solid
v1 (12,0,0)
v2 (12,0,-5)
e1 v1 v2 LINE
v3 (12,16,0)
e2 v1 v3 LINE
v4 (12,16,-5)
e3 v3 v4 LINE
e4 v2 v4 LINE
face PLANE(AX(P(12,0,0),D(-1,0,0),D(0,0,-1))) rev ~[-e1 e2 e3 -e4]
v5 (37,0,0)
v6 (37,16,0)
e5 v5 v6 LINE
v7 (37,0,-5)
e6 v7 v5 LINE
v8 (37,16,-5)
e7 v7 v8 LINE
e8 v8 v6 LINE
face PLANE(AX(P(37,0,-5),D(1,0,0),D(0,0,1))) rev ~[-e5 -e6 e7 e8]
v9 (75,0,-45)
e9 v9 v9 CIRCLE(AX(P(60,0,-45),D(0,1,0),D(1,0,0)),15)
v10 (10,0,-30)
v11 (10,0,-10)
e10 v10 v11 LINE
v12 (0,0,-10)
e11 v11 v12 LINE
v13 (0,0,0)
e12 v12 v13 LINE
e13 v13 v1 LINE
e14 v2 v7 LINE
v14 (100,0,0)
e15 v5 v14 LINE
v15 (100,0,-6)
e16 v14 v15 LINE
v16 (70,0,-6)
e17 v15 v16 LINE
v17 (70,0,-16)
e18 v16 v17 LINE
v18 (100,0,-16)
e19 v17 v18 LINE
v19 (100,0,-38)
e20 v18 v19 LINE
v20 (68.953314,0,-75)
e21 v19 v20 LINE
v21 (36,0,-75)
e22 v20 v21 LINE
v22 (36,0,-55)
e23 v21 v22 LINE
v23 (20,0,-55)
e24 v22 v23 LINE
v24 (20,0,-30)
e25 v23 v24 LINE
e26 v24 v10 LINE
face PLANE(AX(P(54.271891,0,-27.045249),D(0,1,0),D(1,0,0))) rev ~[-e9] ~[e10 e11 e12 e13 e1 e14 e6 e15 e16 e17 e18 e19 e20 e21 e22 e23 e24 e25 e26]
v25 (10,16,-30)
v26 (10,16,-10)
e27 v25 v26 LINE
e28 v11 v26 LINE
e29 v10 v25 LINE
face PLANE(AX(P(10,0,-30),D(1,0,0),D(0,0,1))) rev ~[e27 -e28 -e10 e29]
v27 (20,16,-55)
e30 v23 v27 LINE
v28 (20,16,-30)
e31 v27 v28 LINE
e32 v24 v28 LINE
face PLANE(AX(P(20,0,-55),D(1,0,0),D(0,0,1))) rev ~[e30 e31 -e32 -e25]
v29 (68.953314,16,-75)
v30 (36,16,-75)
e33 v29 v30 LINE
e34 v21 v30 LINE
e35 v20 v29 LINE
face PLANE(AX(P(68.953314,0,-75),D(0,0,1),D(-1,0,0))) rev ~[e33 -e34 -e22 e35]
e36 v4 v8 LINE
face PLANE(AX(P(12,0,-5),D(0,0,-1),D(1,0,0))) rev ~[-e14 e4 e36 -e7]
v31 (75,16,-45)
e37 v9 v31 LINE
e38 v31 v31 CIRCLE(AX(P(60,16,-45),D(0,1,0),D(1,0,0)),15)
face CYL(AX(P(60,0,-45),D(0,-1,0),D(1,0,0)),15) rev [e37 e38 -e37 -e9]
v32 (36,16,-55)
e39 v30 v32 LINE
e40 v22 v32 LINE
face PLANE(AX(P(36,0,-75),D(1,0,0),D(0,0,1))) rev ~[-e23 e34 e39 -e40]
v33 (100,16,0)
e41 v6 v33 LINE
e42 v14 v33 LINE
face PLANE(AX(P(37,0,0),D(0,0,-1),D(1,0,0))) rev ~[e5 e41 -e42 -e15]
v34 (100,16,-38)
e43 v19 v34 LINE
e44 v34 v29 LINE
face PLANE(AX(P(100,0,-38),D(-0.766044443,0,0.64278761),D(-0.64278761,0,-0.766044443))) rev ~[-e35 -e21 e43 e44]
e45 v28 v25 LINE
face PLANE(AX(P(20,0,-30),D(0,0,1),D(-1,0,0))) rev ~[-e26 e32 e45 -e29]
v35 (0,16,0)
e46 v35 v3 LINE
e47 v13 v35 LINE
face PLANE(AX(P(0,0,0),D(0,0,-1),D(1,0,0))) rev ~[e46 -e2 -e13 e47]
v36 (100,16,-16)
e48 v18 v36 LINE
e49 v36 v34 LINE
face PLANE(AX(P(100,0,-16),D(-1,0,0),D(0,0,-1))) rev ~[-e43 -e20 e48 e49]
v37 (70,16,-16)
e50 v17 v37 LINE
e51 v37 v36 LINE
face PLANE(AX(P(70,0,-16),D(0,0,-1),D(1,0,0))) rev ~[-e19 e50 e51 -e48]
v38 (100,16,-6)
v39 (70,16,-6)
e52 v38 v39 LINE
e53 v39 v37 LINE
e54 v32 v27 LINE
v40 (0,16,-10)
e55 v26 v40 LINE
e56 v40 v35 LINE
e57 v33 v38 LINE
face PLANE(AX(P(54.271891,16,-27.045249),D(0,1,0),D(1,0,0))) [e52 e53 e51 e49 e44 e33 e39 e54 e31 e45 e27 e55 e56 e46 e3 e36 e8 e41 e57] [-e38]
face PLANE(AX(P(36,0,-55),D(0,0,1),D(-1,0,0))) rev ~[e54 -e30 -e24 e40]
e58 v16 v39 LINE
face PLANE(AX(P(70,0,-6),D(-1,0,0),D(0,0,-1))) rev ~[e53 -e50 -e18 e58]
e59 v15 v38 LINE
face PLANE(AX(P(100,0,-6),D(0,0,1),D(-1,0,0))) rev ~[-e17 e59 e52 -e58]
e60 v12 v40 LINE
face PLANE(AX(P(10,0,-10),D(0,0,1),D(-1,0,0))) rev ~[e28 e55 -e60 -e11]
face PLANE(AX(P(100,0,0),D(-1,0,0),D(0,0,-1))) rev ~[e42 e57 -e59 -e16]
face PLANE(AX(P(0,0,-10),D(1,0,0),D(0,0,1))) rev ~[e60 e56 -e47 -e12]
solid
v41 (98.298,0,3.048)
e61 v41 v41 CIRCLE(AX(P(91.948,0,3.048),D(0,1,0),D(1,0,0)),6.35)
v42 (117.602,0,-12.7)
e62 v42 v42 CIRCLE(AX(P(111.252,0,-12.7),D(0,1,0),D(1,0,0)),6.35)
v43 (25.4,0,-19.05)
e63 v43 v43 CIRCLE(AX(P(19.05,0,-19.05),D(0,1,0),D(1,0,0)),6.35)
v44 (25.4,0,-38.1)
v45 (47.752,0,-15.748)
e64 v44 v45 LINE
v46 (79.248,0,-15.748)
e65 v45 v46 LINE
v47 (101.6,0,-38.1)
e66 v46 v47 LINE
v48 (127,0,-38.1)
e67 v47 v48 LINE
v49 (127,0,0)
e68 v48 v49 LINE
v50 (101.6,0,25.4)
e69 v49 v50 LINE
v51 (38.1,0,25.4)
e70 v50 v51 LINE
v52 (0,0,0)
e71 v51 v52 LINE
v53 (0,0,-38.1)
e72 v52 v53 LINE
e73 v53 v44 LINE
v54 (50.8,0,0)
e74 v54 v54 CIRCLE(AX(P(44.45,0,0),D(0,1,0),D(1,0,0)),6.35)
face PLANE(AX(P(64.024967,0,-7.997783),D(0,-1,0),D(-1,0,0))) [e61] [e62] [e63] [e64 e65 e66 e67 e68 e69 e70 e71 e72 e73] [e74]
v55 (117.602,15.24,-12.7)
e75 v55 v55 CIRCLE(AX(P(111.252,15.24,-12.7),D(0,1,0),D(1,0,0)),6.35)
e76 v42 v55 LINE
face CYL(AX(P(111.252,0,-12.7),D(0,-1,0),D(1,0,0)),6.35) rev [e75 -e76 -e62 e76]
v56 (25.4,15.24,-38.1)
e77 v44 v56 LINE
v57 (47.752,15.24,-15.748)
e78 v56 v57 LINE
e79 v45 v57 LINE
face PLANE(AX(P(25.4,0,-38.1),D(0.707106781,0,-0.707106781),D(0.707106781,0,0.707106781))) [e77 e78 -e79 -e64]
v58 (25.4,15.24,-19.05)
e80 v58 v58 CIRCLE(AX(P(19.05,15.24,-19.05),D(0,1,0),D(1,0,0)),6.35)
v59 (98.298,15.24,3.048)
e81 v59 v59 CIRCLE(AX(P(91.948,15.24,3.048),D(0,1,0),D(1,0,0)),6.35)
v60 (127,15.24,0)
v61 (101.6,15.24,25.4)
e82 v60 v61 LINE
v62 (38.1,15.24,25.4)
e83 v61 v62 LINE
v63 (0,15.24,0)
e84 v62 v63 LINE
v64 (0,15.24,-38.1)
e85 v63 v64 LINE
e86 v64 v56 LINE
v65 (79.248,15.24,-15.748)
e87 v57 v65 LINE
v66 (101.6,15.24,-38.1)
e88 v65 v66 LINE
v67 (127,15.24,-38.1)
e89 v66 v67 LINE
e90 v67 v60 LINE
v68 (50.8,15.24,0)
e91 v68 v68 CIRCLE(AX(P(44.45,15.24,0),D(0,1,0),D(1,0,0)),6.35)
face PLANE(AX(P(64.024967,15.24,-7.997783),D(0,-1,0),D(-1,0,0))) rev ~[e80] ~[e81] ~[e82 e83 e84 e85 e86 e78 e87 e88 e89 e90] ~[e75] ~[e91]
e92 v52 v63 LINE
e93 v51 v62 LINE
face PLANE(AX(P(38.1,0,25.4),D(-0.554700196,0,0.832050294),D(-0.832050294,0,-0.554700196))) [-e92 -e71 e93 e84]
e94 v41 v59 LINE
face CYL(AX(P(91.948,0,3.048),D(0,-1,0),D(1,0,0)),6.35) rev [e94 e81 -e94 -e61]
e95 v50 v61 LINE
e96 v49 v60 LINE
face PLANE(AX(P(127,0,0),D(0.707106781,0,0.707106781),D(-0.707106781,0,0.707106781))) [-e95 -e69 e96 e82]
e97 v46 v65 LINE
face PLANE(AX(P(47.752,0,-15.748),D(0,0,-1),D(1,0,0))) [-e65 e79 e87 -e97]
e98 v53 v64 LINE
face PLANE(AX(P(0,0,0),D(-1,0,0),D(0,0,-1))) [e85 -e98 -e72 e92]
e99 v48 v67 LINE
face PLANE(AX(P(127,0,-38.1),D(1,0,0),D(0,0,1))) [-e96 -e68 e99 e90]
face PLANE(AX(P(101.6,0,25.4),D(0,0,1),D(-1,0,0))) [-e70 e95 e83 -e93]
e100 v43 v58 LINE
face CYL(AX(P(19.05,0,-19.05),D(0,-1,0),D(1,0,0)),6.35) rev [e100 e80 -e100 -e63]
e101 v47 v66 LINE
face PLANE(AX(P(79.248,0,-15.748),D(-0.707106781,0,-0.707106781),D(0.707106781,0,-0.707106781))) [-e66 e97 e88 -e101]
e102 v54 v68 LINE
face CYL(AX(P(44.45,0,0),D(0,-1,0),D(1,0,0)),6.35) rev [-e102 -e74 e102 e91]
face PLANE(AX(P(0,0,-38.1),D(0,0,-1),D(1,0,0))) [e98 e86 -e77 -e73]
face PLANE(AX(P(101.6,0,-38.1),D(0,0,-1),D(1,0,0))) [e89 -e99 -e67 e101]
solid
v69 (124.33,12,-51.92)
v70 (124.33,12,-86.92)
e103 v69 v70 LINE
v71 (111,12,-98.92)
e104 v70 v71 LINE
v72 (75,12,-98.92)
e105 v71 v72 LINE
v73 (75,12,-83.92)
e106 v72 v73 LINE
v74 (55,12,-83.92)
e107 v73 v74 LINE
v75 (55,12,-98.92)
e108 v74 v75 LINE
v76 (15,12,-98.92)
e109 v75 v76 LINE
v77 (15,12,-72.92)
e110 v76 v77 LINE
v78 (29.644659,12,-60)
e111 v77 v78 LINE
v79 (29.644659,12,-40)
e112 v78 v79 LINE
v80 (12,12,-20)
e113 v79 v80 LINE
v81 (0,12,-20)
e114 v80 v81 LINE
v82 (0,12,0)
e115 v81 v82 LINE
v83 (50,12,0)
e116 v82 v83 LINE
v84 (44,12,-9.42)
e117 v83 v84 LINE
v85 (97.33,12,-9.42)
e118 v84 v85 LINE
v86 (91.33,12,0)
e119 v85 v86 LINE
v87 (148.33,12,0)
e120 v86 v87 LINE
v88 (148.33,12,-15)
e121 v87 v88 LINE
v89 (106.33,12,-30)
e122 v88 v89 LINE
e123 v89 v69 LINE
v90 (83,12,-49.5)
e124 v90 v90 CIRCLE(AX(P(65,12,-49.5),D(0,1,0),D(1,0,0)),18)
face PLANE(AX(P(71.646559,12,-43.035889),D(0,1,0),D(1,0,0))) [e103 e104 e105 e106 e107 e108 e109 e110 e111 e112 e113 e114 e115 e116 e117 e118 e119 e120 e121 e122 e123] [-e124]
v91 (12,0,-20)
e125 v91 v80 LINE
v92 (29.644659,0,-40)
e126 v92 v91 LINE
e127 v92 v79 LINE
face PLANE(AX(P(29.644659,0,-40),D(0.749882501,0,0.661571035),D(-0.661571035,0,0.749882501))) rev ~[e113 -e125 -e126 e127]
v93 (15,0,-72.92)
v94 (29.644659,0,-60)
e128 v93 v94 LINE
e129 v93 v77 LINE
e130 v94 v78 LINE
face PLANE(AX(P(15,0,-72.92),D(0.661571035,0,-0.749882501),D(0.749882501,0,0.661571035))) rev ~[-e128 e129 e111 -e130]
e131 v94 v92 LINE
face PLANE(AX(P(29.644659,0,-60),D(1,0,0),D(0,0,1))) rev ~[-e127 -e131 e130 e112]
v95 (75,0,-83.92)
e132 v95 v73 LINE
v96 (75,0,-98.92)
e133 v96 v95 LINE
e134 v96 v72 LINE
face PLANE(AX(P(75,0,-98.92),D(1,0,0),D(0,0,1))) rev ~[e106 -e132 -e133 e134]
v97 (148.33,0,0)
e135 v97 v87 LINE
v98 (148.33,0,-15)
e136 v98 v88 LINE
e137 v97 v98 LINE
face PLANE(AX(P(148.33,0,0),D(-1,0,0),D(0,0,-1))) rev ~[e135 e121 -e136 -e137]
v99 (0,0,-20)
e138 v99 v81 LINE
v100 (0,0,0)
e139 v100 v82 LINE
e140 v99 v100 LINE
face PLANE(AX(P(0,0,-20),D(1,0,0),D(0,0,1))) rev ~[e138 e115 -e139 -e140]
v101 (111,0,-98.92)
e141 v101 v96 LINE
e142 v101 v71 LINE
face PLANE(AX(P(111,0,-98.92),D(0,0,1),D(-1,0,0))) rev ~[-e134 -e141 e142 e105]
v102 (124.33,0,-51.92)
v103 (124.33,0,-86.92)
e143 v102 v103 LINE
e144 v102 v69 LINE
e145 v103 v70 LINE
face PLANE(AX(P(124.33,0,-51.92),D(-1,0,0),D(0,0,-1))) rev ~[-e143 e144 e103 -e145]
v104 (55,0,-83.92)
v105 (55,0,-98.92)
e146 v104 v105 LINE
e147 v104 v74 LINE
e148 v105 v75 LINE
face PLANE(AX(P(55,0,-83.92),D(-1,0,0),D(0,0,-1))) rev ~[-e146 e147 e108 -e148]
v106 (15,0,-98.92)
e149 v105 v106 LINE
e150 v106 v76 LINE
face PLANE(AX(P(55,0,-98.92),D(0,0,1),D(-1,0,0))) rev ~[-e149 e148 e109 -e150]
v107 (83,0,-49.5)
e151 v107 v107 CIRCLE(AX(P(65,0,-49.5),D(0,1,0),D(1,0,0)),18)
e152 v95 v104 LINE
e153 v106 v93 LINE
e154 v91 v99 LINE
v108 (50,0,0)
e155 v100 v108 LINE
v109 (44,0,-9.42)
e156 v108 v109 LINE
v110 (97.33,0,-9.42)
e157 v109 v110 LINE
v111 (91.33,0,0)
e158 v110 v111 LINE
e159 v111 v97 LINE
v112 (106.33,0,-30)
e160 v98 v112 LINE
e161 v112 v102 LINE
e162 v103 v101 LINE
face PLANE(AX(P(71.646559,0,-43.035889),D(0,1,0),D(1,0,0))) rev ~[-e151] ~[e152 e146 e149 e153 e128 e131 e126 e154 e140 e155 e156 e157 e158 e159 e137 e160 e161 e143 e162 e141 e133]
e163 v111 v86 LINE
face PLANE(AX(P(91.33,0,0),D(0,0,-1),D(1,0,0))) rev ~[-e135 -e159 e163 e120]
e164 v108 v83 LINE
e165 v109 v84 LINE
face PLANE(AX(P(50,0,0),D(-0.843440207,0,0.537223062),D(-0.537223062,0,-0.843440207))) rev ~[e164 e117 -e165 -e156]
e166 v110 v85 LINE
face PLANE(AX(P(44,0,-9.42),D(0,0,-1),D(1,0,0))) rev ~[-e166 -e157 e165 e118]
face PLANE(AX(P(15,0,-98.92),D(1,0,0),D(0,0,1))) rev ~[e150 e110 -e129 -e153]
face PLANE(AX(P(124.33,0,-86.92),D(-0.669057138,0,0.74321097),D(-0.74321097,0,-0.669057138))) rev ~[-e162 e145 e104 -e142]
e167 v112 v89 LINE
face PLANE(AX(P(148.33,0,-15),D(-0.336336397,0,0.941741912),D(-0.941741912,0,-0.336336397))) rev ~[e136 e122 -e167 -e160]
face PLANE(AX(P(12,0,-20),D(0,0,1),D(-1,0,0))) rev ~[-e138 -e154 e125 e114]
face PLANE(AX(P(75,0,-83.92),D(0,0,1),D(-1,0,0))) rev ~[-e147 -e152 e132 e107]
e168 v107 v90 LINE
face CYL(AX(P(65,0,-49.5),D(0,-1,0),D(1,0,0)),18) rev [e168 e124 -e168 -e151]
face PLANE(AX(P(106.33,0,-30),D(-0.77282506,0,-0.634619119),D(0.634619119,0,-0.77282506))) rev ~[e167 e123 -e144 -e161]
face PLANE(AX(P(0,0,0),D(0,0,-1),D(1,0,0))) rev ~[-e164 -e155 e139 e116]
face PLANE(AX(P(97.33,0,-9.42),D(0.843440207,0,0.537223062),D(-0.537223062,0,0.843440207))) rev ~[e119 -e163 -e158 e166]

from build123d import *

# Parameters (mm, degrees)
SKETCH1_R           = 18
BOSS_EXTRUDE1_DEPTH = 12
SKETCH3_R           = 6.35
BOSS_EXTRUDE2_DEPTH = 15.24
SKETCH5_R           = 15
BOSS_EXTRUDE3_DEPTH = 16


with BuildPart() as part:
    # Sketch1 → Boss-Extrude1 (new body)
    with BuildSketch(Plane(origin=(0, 0, 0), x_dir=(1, 0, 0), z_dir=(0, 1, 0))):
        Polygon((0, 0), (50, 0), (44, 9.42), (97.33, 9.42), (91.33, 0), (148.33, 0), (148.33, 15), (106.33, 30), (124.33, 51.92), (124.33, 86.92), (111, 98.92), (75, 98.92), (75, 83.92), (55, 83.92), (55, 98.92), (15, 98.92), (15, 72.92), (29.644658559, 60), (29.644658559, 40), (12, 20), (0, 20), align=None)
        with Locations((65, 49.5)):
            Circle(SKETCH1_R, mode=Mode.SUBTRACT)
    extrude(amount=BOSS_EXTRUDE1_DEPTH)


with BuildPart() as body_2:
    # Sketch3 → Boss-Extrude2 (new body)
    with BuildSketch(Plane(origin=(0, 0, 0), x_dir=(1, 0, 0), z_dir=(0, 1, 0))):
        Polygon((0, 0), (0, 38.1), (25.4, 38.1), (47.752, 15.748), (79.248, 15.748), (101.6, 38.1), (127, 38.1), (127, 0), (101.6, -25.4), (38.1, -25.4), align=None)
        with Locations((19.05, 19.05)):
            Circle(SKETCH3_R, mode=Mode.SUBTRACT)
        with Locations((44.45, 0)):
            Circle(SKETCH3_R, mode=Mode.SUBTRACT)
        with Locations((91.948, -3.048)):
            Circle(SKETCH3_R, mode=Mode.SUBTRACT)
        with Locations((111.252, 12.7)):
            Circle(SKETCH3_R, mode=Mode.SUBTRACT)
    extrude(amount=BOSS_EXTRUDE2_DEPTH)


with BuildPart() as body_3:
    # Sketch5 → Boss-Extrude3 (new body)
    with BuildSketch(Plane(origin=(0, 0, 0), x_dir=(1, 0, 0), z_dir=(0, 1, 0))):
        Polygon((0, 0), (12, 0), (12, 5), (37, 5), (37, 0), (100, 0), (100, 6), (70, 6), (70, 16), (100, 16), (100, 38), (68.953313646, 75), (36, 75), (36, 55), (20, 55), (20, 30), (10, 30), (10, 10), (0, 10), align=None)
        with Locations((60, 45)):
            Circle(SKETCH5_R, mode=Mode.SUBTRACT)
    extrude(amount=BOSS_EXTRUDE3_DEPTH)


solid = Compound([part.part, body_2.part, body_3.part])
